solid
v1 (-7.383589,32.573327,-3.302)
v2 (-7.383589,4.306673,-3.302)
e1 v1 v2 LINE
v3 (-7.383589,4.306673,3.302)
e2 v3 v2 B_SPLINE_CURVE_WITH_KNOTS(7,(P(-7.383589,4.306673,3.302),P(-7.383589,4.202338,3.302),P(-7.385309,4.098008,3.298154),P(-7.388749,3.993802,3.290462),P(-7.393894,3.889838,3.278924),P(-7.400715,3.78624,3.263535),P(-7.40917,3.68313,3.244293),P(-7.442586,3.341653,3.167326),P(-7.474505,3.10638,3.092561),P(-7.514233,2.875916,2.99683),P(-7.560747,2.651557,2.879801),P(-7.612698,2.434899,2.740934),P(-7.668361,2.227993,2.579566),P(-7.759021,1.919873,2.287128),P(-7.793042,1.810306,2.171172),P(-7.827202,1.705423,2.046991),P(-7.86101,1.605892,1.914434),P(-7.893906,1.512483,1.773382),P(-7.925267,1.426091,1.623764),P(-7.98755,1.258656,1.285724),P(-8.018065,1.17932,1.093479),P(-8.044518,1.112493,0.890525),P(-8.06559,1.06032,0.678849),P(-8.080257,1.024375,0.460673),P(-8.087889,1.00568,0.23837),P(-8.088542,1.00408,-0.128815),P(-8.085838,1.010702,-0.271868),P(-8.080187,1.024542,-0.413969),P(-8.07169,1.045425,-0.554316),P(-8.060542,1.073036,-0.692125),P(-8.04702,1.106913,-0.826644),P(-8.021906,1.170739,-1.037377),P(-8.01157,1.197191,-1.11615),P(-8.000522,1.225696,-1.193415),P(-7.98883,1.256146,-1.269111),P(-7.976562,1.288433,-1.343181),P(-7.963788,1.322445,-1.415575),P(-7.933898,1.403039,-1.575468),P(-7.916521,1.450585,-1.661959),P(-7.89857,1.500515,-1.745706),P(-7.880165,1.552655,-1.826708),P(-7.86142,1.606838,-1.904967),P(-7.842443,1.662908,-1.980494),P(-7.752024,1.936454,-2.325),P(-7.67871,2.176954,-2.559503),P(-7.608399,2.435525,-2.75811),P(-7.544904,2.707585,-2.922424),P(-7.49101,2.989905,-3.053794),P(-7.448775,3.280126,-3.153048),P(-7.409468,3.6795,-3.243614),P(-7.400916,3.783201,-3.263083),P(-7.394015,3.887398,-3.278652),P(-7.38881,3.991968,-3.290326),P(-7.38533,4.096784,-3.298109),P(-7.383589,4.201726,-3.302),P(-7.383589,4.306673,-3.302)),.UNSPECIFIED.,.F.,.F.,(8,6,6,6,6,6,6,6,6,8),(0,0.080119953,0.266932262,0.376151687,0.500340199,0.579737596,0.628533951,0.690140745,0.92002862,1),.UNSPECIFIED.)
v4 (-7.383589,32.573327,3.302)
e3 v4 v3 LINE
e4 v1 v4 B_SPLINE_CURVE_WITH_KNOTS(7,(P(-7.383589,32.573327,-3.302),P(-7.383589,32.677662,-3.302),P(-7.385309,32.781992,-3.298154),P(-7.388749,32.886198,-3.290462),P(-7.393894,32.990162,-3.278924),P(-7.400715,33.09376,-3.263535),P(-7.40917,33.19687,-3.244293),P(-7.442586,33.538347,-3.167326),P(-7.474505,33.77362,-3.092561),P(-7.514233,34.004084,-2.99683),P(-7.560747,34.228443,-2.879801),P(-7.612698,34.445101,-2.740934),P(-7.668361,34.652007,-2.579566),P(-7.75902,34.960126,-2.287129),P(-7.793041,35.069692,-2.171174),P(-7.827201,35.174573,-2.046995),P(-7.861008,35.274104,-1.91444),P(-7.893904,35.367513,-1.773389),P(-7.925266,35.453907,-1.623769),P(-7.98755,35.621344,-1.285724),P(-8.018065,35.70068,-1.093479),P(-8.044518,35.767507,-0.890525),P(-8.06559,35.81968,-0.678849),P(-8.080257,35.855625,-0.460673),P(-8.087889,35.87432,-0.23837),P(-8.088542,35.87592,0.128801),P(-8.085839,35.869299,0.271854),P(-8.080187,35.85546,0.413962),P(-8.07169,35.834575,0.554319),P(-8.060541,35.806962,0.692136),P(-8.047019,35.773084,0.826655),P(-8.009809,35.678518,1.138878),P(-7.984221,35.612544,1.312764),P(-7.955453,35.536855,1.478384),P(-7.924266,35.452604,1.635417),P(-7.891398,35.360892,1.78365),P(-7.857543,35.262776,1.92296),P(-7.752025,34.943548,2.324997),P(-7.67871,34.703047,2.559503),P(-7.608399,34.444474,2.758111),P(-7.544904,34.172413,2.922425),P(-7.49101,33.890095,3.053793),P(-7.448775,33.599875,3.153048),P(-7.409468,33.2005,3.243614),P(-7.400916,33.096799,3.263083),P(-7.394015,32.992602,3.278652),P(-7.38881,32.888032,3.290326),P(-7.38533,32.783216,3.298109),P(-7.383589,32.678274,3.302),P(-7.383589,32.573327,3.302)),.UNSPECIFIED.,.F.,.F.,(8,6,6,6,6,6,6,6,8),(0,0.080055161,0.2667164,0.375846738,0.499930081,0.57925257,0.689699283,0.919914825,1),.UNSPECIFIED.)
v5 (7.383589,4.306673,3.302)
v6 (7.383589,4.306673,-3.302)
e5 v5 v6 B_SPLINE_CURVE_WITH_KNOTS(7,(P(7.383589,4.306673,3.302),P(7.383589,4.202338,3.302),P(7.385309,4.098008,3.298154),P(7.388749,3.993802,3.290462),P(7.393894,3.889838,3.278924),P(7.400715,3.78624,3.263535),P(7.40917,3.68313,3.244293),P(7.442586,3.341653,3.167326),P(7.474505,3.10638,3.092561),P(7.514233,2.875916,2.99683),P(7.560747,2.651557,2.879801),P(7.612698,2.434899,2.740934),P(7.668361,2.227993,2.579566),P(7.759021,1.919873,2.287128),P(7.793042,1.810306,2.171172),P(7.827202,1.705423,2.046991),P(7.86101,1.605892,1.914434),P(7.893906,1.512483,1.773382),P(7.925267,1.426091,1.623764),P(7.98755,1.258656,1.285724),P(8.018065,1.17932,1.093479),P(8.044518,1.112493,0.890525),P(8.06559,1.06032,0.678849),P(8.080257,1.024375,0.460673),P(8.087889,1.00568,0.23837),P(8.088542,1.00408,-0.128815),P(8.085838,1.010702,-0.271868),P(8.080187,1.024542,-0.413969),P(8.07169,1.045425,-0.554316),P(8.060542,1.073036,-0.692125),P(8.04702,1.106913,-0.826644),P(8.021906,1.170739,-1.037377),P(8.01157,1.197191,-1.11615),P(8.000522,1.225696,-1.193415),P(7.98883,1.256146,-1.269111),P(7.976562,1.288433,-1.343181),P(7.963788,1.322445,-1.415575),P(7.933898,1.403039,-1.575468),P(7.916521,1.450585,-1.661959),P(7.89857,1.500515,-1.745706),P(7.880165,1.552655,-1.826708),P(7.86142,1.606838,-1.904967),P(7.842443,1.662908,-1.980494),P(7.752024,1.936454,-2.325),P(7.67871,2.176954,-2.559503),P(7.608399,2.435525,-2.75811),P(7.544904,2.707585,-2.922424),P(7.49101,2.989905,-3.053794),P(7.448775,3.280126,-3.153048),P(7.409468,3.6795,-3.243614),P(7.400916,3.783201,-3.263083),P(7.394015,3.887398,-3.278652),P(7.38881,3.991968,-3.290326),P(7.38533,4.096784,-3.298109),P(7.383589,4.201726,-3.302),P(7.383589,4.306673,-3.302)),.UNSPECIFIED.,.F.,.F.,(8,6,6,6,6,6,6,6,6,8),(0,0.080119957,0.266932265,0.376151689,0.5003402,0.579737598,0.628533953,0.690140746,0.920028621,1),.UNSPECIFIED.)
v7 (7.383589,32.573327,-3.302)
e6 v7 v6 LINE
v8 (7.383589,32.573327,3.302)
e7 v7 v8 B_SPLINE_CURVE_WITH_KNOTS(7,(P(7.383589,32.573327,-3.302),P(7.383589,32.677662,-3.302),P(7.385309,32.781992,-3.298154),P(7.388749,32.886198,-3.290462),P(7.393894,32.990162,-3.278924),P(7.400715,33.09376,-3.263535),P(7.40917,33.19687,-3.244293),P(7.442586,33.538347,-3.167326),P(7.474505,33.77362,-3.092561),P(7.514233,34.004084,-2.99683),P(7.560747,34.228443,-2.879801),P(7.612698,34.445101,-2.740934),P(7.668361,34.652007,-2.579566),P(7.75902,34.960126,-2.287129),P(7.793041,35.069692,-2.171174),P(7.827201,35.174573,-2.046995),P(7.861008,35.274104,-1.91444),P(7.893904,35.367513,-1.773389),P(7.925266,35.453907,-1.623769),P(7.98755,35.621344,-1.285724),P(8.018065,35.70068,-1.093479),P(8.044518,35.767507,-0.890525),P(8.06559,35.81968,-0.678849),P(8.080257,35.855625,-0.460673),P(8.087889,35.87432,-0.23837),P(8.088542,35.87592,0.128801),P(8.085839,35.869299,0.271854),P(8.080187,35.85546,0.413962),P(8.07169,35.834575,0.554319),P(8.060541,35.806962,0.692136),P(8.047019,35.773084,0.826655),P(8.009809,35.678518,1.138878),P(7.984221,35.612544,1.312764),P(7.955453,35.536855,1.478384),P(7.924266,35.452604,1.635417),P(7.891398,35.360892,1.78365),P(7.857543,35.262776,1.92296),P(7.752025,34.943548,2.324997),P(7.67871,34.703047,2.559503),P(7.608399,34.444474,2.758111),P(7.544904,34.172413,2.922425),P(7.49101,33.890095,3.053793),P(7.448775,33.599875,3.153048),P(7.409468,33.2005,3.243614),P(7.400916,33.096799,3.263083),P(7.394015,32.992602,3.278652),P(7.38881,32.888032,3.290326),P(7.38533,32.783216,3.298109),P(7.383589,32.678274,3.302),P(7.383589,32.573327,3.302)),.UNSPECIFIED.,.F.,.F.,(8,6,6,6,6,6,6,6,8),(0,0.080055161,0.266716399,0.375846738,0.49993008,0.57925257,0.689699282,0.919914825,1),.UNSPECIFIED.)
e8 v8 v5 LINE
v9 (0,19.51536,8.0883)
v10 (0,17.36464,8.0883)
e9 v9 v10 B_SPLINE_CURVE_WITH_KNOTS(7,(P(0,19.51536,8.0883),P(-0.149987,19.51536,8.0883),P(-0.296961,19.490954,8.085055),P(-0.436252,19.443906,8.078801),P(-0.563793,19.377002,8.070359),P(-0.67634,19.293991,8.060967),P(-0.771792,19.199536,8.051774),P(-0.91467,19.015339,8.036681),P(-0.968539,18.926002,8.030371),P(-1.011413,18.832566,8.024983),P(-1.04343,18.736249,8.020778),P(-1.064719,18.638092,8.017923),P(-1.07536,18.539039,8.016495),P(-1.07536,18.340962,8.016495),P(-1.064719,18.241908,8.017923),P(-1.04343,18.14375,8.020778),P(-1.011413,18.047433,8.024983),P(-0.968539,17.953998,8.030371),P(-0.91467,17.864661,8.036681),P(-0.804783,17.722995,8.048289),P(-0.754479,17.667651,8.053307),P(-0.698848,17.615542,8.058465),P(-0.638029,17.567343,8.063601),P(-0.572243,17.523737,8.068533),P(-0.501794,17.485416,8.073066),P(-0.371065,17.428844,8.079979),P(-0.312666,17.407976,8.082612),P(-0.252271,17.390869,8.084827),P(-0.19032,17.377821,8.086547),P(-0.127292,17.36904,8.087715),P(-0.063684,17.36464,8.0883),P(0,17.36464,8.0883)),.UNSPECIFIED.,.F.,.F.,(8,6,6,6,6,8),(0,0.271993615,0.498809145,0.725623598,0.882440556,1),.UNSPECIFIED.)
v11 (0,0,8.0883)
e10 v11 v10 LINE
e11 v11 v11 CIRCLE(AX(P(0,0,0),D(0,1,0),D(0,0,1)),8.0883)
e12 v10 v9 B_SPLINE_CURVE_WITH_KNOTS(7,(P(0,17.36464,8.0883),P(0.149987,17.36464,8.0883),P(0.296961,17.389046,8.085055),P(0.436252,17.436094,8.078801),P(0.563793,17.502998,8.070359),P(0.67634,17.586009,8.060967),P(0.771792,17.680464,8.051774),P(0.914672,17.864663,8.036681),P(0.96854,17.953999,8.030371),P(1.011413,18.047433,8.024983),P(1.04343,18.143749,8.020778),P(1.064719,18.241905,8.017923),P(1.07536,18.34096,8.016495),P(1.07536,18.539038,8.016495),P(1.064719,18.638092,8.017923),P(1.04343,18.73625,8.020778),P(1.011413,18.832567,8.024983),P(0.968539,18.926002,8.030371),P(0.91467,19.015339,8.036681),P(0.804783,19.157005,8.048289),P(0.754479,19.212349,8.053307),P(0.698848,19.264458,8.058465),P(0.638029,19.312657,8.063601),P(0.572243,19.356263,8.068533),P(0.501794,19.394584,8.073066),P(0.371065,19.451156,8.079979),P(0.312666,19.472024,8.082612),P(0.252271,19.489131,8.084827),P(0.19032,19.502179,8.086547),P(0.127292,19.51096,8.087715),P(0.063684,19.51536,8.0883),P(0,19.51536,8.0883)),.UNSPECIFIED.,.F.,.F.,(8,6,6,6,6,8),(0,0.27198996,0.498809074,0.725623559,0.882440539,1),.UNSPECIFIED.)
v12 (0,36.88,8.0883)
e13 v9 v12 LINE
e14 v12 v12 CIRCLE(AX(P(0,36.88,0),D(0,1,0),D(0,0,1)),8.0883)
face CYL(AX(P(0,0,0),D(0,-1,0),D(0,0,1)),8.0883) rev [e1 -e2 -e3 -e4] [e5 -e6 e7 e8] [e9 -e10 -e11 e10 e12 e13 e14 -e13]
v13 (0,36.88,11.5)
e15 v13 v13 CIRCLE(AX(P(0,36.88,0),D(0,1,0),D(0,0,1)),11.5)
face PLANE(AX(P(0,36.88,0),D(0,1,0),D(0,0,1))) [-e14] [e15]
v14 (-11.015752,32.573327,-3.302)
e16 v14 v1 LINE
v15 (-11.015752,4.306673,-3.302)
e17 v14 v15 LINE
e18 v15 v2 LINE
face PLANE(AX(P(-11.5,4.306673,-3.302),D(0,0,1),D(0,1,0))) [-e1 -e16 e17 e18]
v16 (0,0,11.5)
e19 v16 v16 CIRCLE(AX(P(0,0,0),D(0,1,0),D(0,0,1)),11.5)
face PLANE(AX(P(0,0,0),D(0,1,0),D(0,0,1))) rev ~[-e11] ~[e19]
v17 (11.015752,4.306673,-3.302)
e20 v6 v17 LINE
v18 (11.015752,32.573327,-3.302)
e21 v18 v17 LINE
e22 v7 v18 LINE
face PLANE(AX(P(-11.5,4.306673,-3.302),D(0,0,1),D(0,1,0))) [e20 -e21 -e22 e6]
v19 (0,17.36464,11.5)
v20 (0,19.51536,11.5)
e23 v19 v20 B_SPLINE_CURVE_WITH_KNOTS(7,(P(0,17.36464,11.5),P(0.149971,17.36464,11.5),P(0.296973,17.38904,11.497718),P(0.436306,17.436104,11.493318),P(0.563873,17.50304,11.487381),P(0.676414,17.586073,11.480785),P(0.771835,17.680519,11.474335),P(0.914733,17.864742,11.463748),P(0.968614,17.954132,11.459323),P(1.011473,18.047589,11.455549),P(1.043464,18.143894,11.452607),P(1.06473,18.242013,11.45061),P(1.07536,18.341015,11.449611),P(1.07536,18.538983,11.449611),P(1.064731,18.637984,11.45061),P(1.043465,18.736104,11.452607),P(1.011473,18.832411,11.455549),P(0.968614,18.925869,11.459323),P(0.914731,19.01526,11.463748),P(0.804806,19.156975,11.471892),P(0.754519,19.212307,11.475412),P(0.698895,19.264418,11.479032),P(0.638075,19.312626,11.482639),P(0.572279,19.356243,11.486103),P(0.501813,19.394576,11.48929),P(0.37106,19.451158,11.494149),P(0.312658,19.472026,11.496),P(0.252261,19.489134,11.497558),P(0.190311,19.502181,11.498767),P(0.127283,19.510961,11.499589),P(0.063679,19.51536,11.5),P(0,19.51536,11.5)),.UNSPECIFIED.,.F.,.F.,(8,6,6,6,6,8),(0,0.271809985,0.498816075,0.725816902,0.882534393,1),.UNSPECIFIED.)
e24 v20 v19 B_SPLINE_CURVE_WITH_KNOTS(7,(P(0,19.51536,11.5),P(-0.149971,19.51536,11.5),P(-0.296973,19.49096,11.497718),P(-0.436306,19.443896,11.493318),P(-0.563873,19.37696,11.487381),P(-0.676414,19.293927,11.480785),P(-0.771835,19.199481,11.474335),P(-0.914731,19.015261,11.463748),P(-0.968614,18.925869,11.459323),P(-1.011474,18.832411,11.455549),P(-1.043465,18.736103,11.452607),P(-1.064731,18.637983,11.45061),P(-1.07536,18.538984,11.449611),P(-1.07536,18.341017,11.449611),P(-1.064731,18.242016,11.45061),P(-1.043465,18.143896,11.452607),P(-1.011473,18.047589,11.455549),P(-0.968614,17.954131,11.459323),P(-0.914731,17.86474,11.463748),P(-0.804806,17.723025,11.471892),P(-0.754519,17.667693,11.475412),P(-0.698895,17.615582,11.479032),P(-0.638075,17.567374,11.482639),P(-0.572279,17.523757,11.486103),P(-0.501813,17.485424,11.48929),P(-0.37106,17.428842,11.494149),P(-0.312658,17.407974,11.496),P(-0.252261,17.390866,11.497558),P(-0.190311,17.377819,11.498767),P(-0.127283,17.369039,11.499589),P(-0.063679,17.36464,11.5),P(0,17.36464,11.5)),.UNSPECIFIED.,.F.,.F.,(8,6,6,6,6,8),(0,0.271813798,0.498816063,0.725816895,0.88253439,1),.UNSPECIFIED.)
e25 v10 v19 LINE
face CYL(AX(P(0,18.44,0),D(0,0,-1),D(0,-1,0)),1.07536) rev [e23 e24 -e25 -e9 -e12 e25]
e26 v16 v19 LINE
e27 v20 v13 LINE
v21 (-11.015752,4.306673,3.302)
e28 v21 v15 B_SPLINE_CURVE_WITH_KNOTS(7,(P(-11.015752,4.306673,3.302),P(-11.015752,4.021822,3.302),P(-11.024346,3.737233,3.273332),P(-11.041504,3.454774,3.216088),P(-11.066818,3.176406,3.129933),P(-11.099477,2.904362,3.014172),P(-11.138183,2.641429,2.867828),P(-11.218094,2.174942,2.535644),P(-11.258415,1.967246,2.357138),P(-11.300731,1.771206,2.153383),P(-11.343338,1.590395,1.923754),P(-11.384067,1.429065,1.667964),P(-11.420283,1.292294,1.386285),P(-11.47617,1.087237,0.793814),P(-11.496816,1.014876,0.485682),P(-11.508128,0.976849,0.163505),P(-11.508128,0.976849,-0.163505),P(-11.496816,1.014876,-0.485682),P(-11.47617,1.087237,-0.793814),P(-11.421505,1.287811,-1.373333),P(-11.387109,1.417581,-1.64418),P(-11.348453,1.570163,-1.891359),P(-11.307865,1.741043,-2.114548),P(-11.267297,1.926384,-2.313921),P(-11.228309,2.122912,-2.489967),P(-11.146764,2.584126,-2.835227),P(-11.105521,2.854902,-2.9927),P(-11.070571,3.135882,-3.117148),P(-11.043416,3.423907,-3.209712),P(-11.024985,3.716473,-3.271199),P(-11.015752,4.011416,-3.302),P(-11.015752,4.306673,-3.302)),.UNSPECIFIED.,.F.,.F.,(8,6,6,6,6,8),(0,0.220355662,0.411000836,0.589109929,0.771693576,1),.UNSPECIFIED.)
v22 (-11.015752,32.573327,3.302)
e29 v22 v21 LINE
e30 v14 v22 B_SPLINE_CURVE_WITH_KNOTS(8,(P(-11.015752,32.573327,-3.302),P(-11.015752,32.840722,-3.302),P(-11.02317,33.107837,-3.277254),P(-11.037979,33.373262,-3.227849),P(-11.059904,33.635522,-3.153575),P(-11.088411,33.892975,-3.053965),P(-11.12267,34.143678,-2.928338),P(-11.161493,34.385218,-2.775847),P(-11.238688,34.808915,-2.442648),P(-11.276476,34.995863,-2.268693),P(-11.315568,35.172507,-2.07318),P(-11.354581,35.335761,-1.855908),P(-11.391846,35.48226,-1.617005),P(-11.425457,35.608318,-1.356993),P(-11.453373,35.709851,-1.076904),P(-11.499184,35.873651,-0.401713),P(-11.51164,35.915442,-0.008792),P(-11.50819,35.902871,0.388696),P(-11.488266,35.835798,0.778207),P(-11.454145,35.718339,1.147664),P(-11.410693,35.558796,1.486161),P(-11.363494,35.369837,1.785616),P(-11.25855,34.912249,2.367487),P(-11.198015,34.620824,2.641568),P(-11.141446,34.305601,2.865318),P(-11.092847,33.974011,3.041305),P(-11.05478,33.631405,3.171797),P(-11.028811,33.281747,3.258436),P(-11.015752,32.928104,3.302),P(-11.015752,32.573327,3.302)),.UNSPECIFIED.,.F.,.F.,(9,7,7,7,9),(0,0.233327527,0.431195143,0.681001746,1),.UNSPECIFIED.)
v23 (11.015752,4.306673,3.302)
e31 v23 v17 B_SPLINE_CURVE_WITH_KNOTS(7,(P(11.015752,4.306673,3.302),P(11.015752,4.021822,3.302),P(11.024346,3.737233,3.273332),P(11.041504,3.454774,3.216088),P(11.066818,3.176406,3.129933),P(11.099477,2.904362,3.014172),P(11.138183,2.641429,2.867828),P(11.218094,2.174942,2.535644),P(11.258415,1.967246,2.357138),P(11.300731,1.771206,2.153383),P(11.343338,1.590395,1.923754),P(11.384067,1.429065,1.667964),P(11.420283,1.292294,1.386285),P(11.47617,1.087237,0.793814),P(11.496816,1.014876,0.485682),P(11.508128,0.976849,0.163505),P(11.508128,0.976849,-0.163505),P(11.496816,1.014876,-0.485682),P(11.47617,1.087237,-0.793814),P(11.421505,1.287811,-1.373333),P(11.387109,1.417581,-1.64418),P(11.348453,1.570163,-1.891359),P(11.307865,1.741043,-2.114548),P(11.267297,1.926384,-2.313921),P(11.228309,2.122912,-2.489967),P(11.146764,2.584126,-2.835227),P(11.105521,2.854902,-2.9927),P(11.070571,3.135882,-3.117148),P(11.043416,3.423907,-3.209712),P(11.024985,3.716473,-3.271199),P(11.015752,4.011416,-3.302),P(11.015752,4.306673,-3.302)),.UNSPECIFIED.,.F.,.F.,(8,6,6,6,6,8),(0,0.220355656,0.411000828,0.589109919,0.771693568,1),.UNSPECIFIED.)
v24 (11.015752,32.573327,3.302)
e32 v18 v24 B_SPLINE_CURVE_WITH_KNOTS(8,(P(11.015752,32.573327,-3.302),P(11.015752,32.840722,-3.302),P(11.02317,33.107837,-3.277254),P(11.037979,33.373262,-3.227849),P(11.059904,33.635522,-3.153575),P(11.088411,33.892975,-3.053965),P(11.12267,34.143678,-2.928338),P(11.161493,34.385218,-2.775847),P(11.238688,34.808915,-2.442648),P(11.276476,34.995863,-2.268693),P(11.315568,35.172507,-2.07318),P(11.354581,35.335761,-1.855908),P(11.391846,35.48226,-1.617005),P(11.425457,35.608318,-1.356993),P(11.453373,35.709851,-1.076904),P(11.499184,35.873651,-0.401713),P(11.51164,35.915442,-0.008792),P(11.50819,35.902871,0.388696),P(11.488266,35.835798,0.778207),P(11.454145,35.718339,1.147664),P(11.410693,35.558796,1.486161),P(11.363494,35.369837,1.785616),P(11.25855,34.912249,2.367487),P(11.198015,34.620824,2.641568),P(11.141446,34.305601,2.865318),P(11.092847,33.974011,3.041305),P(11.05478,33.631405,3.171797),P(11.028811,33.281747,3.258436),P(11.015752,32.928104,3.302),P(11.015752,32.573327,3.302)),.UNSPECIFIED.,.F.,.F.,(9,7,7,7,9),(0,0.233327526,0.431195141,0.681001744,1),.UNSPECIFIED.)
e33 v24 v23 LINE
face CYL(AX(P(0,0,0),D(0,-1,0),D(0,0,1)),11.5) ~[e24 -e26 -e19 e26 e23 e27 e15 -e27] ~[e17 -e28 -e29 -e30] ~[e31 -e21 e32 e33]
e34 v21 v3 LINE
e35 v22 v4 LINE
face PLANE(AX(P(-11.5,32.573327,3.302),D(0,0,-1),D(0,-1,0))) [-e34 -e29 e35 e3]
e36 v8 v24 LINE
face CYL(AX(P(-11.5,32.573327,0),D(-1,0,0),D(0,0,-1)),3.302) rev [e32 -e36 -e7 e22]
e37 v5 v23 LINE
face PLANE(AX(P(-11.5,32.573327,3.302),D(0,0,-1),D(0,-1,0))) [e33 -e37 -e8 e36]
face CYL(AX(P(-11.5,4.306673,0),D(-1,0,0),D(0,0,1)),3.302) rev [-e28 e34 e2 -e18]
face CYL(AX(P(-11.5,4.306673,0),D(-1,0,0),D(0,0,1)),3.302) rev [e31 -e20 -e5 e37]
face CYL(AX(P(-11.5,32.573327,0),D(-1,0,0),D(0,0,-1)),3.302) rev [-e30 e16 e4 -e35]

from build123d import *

# Parameters (mm, degrees)
SKETCH1_R           = 11.5
SKETCH1_R_2         = 8.0883
BOSS_EXTRUDE1_DEPTH = 36.88
CUT_EXTRUDE1_DEPTH  = 55.88
SKETCH3_R           = 1.075360457
CUT_EXTRUDE2_DEPTH  = 41.306753925


with BuildPart() as part:
    # Sketch1 → Boss-Extrude1 (new body)
    with BuildSketch(Plane(origin=(0, 0, 0), x_dir=(1, 0, 0), z_dir=(0, 1, 0))):
        with Locations(Location((0, 0, 0), (0, 0, 270))):
            Circle(SKETCH1_R)
        with Locations(Location((0, 0, 0), (0, 0, 270))):
            Circle(SKETCH1_R_2, mode=Mode.SUBTRACT)
    extrude(amount=BOSS_EXTRUDE1_DEPTH)

    # Sketch2 → Cut-Extrude1 (cut)
    with BuildSketch(Plane.ZY.offset(11.5)):
        with BuildLine():
            Line((3.302, 32.573327327), (3.302, 4.306672673))
            ThreePointArc((3.302, 4.306672673), (0, 1.004672673), (-3.302, 4.306672673))
            Line((-3.302, 4.306672673), (-3.302, 32.573327327))
            ThreePointArc((-3.302, 32.573327327), (0, 35.875327327), (3.302, 32.573327327))
        make_face()
    extrude(amount=-CUT_EXTRUDE1_DEPTH, mode=Mode.SUBTRACT)

    # Sketch3 → Cut-Extrude2 (cut, through all)
    with BuildSketch(Plane.XY):
        with Locations(Location((0, 18.44, 0), (0, 0, 270.000000024))):
            Circle(SKETCH3_R)
    extrude(amount=CUT_EXTRUDE2_DEPTH, mode=Mode.SUBTRACT)


solid = part.part
